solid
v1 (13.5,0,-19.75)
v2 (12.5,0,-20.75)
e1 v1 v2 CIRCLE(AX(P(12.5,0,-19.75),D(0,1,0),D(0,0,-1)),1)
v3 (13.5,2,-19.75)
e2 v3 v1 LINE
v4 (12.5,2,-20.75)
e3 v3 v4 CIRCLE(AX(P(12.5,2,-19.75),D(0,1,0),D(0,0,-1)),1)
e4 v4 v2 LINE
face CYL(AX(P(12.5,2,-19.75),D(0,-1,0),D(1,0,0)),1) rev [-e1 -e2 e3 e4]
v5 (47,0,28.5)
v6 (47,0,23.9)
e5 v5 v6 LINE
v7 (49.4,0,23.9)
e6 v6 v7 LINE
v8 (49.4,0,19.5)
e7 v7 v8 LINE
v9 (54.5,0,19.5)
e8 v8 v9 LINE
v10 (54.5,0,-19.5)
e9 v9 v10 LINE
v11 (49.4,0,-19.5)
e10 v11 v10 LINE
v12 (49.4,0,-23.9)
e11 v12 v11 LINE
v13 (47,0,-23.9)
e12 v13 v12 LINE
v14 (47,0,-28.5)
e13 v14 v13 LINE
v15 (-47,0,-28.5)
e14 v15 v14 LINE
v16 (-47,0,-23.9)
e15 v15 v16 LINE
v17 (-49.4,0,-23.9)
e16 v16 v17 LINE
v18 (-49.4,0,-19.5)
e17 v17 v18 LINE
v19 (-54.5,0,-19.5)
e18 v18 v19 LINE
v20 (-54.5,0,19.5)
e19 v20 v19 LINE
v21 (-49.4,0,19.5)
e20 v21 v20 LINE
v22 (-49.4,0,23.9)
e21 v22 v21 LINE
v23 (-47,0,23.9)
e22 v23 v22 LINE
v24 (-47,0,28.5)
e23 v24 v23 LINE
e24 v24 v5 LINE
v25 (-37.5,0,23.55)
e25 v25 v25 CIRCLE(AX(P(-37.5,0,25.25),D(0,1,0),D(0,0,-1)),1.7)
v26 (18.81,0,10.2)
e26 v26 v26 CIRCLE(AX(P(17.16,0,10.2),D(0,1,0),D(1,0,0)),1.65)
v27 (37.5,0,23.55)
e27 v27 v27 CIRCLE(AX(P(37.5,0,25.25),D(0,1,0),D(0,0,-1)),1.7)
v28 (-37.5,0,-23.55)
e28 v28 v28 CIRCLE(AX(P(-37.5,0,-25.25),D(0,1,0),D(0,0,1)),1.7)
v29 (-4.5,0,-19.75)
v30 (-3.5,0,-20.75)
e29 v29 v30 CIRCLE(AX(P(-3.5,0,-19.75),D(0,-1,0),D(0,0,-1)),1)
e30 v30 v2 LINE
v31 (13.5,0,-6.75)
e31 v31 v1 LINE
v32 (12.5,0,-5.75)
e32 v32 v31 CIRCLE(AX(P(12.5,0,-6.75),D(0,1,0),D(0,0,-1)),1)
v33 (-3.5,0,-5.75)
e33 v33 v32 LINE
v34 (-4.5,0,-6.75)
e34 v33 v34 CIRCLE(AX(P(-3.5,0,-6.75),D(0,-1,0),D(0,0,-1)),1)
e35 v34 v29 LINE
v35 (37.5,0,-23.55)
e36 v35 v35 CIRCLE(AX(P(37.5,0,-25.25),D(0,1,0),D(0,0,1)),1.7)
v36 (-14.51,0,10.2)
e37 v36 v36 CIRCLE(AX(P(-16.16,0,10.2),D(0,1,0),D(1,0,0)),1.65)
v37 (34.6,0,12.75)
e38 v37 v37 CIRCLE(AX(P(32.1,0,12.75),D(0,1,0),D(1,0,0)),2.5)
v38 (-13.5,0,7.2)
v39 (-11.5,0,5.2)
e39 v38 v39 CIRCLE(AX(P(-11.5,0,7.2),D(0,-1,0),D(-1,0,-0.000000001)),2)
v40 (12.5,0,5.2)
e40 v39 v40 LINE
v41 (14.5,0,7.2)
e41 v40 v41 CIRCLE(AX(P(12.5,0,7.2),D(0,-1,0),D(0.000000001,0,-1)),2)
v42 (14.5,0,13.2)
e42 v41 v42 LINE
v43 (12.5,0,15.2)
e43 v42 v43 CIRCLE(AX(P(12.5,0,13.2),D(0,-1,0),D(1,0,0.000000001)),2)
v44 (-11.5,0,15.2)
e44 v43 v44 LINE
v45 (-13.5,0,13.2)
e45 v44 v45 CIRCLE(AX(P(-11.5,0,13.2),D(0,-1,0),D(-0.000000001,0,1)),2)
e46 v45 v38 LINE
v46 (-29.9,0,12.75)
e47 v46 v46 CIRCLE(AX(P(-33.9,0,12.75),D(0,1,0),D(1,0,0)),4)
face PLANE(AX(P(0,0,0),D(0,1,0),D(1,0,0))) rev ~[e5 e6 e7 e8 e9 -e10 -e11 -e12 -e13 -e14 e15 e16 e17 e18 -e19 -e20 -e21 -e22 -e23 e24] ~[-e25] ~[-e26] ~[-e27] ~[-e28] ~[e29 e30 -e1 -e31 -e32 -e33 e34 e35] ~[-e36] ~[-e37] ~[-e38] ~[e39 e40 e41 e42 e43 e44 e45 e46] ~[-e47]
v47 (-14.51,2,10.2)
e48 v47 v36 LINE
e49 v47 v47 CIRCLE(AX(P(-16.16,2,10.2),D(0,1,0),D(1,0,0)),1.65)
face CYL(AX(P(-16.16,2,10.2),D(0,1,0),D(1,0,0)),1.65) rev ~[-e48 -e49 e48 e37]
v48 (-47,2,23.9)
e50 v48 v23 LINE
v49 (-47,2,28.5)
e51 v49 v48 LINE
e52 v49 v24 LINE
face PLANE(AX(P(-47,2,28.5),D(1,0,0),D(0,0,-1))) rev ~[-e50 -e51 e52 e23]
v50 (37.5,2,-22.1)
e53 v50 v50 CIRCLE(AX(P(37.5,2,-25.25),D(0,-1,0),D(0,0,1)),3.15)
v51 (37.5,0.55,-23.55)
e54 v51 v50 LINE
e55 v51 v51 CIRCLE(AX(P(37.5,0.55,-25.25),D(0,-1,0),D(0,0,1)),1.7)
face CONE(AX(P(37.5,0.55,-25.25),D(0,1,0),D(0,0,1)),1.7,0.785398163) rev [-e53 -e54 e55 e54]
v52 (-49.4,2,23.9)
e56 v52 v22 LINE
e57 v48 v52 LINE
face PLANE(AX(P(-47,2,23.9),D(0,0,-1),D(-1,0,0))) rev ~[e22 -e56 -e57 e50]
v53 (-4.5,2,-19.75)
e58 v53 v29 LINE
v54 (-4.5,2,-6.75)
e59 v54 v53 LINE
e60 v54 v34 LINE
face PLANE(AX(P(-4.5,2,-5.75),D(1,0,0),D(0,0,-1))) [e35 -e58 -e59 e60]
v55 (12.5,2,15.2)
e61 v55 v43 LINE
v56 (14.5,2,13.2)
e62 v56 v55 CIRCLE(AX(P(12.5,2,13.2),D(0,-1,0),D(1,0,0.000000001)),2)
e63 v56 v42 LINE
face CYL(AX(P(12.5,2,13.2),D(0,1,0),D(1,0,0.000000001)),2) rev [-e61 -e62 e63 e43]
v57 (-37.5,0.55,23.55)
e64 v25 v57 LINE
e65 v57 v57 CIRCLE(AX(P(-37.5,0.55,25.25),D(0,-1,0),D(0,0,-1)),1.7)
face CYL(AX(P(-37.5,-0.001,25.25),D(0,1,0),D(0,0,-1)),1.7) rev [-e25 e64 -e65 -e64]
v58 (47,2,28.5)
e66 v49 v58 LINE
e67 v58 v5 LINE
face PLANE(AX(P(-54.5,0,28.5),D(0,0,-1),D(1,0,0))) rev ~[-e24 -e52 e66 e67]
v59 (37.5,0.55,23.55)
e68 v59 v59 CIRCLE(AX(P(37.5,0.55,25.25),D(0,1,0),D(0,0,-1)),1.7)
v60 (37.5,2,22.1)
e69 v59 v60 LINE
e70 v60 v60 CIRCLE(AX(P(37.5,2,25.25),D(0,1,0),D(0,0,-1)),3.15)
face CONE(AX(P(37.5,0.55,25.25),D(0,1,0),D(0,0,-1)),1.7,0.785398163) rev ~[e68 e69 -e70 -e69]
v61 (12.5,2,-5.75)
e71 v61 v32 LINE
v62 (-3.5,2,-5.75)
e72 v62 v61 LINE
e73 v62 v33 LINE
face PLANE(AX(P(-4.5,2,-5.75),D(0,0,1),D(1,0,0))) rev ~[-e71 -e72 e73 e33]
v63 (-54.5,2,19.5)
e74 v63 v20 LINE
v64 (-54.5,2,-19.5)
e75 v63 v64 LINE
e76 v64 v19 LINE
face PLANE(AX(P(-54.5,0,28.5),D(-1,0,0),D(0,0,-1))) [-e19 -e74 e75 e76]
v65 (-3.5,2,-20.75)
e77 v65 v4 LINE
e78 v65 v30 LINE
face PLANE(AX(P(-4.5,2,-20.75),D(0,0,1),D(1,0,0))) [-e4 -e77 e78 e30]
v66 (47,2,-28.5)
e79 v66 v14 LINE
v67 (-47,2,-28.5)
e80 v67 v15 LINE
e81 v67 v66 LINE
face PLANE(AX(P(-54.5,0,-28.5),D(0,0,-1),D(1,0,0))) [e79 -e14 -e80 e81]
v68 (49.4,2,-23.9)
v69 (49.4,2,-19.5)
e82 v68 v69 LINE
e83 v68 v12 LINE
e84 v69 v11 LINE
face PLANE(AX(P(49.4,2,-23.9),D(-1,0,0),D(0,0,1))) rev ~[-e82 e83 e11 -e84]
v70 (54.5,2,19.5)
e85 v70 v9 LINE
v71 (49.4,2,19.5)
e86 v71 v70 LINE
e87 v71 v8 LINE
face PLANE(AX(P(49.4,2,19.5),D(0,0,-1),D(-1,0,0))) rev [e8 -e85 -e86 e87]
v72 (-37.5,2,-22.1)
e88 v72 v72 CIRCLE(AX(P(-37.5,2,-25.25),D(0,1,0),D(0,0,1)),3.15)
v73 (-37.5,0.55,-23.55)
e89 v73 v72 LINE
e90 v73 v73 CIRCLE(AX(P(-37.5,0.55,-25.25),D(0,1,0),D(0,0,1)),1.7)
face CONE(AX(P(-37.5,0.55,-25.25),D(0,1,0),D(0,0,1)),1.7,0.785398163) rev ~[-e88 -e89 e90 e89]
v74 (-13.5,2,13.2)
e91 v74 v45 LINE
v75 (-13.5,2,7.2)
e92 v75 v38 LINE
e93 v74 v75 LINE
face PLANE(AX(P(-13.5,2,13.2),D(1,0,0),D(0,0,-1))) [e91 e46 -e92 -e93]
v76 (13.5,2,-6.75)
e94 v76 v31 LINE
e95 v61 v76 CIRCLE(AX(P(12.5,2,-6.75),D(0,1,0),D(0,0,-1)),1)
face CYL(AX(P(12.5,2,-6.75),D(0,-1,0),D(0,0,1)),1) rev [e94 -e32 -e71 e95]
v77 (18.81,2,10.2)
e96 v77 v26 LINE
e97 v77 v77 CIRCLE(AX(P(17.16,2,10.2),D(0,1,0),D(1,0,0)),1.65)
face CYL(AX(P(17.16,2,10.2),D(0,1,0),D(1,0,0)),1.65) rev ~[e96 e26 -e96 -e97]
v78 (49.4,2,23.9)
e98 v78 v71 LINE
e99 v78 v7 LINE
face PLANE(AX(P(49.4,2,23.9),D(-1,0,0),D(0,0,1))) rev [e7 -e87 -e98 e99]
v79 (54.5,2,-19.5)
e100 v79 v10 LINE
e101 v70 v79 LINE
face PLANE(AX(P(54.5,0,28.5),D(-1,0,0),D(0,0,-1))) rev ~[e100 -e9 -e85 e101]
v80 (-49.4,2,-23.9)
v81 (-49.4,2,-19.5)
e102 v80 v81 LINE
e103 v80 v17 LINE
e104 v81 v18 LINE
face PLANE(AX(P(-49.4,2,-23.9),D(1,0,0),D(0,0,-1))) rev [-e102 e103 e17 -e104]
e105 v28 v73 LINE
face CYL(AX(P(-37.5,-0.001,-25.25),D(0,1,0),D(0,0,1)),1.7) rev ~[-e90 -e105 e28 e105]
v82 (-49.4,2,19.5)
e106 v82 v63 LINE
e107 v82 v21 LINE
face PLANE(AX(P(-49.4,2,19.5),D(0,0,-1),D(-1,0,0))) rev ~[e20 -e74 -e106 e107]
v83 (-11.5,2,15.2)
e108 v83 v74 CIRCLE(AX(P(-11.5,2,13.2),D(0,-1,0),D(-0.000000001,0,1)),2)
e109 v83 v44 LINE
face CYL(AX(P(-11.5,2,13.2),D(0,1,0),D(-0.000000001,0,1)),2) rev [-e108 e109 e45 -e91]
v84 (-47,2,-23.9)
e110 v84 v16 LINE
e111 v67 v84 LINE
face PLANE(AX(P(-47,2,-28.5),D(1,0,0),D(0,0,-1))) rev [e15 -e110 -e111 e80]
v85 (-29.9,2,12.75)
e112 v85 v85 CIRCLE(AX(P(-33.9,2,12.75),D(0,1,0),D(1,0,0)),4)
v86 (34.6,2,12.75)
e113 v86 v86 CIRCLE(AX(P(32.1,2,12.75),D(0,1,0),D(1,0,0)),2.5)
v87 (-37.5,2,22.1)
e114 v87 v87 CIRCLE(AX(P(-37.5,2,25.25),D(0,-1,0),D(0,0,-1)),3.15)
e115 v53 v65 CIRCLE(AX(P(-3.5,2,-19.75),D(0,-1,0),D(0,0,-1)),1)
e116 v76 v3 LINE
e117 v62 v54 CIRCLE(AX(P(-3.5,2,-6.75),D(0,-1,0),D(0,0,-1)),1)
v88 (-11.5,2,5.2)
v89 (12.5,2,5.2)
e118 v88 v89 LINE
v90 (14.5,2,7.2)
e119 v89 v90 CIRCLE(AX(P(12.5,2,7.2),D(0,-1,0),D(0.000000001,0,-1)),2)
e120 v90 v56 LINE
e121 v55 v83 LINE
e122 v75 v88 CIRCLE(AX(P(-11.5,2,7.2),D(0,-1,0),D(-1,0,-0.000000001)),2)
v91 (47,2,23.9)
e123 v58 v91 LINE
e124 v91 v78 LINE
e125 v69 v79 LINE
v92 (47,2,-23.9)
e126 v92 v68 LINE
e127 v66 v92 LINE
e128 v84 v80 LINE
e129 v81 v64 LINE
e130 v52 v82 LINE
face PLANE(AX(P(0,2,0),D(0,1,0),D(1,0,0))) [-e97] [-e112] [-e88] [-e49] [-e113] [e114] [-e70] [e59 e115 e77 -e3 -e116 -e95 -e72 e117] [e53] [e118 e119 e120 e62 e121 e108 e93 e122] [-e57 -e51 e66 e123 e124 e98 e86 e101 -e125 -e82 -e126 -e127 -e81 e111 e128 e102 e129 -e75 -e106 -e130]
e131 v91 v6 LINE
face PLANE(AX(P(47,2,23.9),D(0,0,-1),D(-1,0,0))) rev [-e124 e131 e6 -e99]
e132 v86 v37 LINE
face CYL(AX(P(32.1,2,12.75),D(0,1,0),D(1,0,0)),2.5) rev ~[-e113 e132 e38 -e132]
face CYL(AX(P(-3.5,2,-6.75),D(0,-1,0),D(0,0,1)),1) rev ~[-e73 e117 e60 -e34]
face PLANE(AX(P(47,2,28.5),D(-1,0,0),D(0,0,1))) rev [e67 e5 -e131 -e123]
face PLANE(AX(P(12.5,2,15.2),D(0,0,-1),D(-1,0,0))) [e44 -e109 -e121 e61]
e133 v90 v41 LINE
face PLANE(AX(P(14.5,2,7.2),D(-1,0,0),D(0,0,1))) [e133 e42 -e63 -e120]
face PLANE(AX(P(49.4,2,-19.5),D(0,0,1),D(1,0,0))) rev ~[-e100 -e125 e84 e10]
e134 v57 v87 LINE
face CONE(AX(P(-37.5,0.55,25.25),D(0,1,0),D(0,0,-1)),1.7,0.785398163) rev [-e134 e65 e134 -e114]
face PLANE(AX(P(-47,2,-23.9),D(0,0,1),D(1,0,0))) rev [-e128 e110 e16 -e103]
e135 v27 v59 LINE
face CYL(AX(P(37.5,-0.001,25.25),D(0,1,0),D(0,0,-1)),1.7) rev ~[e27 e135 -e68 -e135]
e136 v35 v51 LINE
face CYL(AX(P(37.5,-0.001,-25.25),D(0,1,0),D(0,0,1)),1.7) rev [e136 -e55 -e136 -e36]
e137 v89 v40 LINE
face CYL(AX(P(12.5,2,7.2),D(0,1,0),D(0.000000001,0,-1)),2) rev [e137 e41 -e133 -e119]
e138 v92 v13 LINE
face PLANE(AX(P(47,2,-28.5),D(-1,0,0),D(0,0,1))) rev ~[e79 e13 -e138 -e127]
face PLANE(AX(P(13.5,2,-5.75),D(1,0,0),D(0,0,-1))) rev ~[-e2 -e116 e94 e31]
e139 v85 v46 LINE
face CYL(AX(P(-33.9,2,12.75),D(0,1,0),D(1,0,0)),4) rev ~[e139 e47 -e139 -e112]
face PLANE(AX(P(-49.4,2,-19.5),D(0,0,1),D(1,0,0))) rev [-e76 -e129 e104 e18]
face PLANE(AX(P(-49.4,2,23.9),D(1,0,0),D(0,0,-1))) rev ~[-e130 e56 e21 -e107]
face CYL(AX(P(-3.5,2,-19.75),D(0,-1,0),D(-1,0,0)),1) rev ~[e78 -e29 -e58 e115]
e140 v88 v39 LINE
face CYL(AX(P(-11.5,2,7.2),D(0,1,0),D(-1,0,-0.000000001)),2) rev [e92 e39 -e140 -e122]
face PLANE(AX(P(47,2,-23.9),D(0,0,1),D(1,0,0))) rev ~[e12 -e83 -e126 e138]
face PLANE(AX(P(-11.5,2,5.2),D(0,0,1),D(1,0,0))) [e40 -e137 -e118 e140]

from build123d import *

# Parameters (mm, degrees)
SKETCH_1_W            = 109
SKETCH_1_H            = 57
EXTRUDE_1_DEPTH       = 2
CUT_EXTRUDE_1_DEPTH   = 3
MIRROR_2_COPY_1_DEPTH = 3
SKETCH_3_R            = 4
SKETCH_3_R_2          = 2.5
CUT_EXTRUDE_2_DEPTH   = 3
SKETCH_4_R            = 1.65
CUT_EXTRUDE_3_DEPTH   = 2
SKETCH_5_W            = 18
SKETCH_5_H            = 15
CUT_EXTRUDE_4_DEPTH   = 3
FILLET_1_R            = 1


with BuildPart() as part:
    # Эскиз1 → Бобышка-Вытянуть1 (new body)
    with BuildSketch(Plane(origin=(0, 0, 0), x_dir=(1, 0, 0), z_dir=(0, 1, 0))):
        Rectangle(SKETCH_1_W, SKETCH_1_H)
    extrude(amount=EXTRUDE_1_DEPTH)

    # Эскиз2 → Вырез-Вытянуть1 (cut, through all)
    with BuildSketch(Plane(origin=(0, 2, 0), x_dir=(1, 0, 0), z_dir=(0, 1, 0))):
        Polygon((49.4, 19.5), (54.5, 19.5), (54.5, 28.5), (47, 28.5), (47, 23.9), (49.4, 23.9), align=None)
    cut_extrude_1 = extrude(amount=-CUT_EXTRUDE_1_DEPTH, mode=Mode.SUBTRACT)

    # Зеркальное отражение1: Вырез-Вытянуть1 across plane
    add(cut_extrude_1.mirror(Plane(origin=(0, 0, 0), x_dir=(0, 0, 1), z_dir=(1, 0, 0))), mode=Mode.SUBTRACT)

    # Зеркальное отражение2: Вырез-Вытянуть1 across plane
    add(cut_extrude_1.mirror(Plane.XY), mode=Mode.SUBTRACT)

    # Зеркальное отражение2 copy 1 sketch → Зеркальное отражение2 copy 1 (cut, through all)
    with BuildSketch(Plane(origin=(0, 2, 0), x_dir=(-1, 0, 0), z_dir=(0, 1, 0))):
        Polygon((49.4, 19.5), (54.5, 19.5), (54.5, 28.5), (47, 28.5), (47, 23.9), (49.4, 23.9), align=None)
    extrude(amount=-MIRROR_2_COPY_1_DEPTH, mode=Mode.SUBTRACT)

    # Эскиз3 → Вырез-Вытянуть2 (cut, through all)
    with BuildSketch(Plane(origin=(0, 2, 0), x_dir=(1, 0, 0), z_dir=(0, 1, 0))):
        with Locations((-33.9, -12.75)):
            Circle(SKETCH_3_R)
        with Locations((32.1, -12.75)):
            Circle(SKETCH_3_R_2)
    extrude(amount=-CUT_EXTRUDE_2_DEPTH, mode=Mode.SUBTRACT)

    # Эскиз4 → Вырез-Вытянуть3 (cut)
    with BuildSketch(Plane(origin=(0, 2, 0), x_dir=(1, 0, 0), z_dir=(0, 1, 0))):
        with Locations((17.16, -10.2)):
            Circle(SKETCH_4_R)
        with Locations((-16.16, -10.2)):
            Circle(SKETCH_4_R)
        with BuildLine():
            Line((-11.5, -5.2), (12.5, -5.2))
            ThreePointArc((12.5, -5.2), (13.914213562, -5.785786438), (14.5, -7.2))
            Line((14.5, -7.2), (14.5, -13.2))
            ThreePointArc((14.5, -13.2), (13.914213562, -14.614213562), (12.5, -15.2))
            Line((12.5, -15.2), (-11.5, -15.2))
            ThreePointArc((-11.5, -15.2), (-12.914213562, -14.614213562), (-13.5, -13.2))
            Line((-13.5, -13.2), (-13.5, -7.2))
            ThreePointArc((-13.5, -7.2), (-12.914213562, -5.785786438), (-11.5, -5.2))
        make_face()
    extrude(amount=-CUT_EXTRUDE_3_DEPTH, mode=Mode.SUBTRACT)

    # Эскиз5 → Вырез-Вытянуть4 (cut, through all)
    with BuildSketch(Plane(origin=(0, 2, 0), x_dir=(1, 0, 0), z_dir=(0, 1, 0))):
        with Locations((4.5, 13.25)):
            Rectangle(SKETCH_5_W, SKETCH_5_H)
    extrude(amount=-CUT_EXTRUDE_4_DEPTH, mode=Mode.SUBTRACT)

    # Эскиз6 → Зенковка для винта с полупотайной головкой M31 (revolve, cut)
    with BuildSketch(Plane(origin=(37.5, 2, -25.25), x_dir=(0, 0, 1), z_dir=(1, 0, 0))):
        Polygon((0, 0), (0, 2.001), (1.7, 2.001), (1.7, 1.45), (3.15, 0), align=None)
    hole_wizard_m31 = revolve(axis=Axis((37.5, 8.35, -25.25), (0, -1, 0)), mode=Mode.SUBTRACT)

    # Зеркальное отражение3: Зенковка для винта с полупотайной головкой M31 across plane
    add(hole_wizard_m31.mirror(Plane.XY), mode=Mode.SUBTRACT)

    # Зеркальное отражение4: Зенковка для винта с полупотайной головкой M31 across plane
    add(hole_wizard_m31.mirror(Plane(origin=(0, 0, 0), x_dir=(0, 0, 1), z_dir=(1, 0, 0))), mode=Mode.SUBTRACT)

    # Зеркальное отражение4 copy 1 sketch → Зеркальное отражение4 copy 1 (revolve, cut)
    with BuildSketch(Plane(origin=(-37.5, 2, 25.25), x_dir=(0, 0, -1), z_dir=(-1, 0, 0))):
        Polygon((0, 0), (0, 2.001), (1.7, 2.001), (1.7, 1.45), (3.15, 0), align=None)
    revolve(axis=Axis((-37.5, 8.35, 25.25), (0, -1, 0)), mode=Mode.SUBTRACT)

    # Скругление1
    fillet_1_edges = [part.edges().sort_by_distance(p)[0] for p in [
        (13.5, 1, -20.75),
        (13.5, 1, -5.75),
        (-4.5, 1, -5.75),
        (-4.5, 1, -20.75),
    ]]
    fillet(fillet_1_edges, radius=FILLET_1_R)


solid = part.part
